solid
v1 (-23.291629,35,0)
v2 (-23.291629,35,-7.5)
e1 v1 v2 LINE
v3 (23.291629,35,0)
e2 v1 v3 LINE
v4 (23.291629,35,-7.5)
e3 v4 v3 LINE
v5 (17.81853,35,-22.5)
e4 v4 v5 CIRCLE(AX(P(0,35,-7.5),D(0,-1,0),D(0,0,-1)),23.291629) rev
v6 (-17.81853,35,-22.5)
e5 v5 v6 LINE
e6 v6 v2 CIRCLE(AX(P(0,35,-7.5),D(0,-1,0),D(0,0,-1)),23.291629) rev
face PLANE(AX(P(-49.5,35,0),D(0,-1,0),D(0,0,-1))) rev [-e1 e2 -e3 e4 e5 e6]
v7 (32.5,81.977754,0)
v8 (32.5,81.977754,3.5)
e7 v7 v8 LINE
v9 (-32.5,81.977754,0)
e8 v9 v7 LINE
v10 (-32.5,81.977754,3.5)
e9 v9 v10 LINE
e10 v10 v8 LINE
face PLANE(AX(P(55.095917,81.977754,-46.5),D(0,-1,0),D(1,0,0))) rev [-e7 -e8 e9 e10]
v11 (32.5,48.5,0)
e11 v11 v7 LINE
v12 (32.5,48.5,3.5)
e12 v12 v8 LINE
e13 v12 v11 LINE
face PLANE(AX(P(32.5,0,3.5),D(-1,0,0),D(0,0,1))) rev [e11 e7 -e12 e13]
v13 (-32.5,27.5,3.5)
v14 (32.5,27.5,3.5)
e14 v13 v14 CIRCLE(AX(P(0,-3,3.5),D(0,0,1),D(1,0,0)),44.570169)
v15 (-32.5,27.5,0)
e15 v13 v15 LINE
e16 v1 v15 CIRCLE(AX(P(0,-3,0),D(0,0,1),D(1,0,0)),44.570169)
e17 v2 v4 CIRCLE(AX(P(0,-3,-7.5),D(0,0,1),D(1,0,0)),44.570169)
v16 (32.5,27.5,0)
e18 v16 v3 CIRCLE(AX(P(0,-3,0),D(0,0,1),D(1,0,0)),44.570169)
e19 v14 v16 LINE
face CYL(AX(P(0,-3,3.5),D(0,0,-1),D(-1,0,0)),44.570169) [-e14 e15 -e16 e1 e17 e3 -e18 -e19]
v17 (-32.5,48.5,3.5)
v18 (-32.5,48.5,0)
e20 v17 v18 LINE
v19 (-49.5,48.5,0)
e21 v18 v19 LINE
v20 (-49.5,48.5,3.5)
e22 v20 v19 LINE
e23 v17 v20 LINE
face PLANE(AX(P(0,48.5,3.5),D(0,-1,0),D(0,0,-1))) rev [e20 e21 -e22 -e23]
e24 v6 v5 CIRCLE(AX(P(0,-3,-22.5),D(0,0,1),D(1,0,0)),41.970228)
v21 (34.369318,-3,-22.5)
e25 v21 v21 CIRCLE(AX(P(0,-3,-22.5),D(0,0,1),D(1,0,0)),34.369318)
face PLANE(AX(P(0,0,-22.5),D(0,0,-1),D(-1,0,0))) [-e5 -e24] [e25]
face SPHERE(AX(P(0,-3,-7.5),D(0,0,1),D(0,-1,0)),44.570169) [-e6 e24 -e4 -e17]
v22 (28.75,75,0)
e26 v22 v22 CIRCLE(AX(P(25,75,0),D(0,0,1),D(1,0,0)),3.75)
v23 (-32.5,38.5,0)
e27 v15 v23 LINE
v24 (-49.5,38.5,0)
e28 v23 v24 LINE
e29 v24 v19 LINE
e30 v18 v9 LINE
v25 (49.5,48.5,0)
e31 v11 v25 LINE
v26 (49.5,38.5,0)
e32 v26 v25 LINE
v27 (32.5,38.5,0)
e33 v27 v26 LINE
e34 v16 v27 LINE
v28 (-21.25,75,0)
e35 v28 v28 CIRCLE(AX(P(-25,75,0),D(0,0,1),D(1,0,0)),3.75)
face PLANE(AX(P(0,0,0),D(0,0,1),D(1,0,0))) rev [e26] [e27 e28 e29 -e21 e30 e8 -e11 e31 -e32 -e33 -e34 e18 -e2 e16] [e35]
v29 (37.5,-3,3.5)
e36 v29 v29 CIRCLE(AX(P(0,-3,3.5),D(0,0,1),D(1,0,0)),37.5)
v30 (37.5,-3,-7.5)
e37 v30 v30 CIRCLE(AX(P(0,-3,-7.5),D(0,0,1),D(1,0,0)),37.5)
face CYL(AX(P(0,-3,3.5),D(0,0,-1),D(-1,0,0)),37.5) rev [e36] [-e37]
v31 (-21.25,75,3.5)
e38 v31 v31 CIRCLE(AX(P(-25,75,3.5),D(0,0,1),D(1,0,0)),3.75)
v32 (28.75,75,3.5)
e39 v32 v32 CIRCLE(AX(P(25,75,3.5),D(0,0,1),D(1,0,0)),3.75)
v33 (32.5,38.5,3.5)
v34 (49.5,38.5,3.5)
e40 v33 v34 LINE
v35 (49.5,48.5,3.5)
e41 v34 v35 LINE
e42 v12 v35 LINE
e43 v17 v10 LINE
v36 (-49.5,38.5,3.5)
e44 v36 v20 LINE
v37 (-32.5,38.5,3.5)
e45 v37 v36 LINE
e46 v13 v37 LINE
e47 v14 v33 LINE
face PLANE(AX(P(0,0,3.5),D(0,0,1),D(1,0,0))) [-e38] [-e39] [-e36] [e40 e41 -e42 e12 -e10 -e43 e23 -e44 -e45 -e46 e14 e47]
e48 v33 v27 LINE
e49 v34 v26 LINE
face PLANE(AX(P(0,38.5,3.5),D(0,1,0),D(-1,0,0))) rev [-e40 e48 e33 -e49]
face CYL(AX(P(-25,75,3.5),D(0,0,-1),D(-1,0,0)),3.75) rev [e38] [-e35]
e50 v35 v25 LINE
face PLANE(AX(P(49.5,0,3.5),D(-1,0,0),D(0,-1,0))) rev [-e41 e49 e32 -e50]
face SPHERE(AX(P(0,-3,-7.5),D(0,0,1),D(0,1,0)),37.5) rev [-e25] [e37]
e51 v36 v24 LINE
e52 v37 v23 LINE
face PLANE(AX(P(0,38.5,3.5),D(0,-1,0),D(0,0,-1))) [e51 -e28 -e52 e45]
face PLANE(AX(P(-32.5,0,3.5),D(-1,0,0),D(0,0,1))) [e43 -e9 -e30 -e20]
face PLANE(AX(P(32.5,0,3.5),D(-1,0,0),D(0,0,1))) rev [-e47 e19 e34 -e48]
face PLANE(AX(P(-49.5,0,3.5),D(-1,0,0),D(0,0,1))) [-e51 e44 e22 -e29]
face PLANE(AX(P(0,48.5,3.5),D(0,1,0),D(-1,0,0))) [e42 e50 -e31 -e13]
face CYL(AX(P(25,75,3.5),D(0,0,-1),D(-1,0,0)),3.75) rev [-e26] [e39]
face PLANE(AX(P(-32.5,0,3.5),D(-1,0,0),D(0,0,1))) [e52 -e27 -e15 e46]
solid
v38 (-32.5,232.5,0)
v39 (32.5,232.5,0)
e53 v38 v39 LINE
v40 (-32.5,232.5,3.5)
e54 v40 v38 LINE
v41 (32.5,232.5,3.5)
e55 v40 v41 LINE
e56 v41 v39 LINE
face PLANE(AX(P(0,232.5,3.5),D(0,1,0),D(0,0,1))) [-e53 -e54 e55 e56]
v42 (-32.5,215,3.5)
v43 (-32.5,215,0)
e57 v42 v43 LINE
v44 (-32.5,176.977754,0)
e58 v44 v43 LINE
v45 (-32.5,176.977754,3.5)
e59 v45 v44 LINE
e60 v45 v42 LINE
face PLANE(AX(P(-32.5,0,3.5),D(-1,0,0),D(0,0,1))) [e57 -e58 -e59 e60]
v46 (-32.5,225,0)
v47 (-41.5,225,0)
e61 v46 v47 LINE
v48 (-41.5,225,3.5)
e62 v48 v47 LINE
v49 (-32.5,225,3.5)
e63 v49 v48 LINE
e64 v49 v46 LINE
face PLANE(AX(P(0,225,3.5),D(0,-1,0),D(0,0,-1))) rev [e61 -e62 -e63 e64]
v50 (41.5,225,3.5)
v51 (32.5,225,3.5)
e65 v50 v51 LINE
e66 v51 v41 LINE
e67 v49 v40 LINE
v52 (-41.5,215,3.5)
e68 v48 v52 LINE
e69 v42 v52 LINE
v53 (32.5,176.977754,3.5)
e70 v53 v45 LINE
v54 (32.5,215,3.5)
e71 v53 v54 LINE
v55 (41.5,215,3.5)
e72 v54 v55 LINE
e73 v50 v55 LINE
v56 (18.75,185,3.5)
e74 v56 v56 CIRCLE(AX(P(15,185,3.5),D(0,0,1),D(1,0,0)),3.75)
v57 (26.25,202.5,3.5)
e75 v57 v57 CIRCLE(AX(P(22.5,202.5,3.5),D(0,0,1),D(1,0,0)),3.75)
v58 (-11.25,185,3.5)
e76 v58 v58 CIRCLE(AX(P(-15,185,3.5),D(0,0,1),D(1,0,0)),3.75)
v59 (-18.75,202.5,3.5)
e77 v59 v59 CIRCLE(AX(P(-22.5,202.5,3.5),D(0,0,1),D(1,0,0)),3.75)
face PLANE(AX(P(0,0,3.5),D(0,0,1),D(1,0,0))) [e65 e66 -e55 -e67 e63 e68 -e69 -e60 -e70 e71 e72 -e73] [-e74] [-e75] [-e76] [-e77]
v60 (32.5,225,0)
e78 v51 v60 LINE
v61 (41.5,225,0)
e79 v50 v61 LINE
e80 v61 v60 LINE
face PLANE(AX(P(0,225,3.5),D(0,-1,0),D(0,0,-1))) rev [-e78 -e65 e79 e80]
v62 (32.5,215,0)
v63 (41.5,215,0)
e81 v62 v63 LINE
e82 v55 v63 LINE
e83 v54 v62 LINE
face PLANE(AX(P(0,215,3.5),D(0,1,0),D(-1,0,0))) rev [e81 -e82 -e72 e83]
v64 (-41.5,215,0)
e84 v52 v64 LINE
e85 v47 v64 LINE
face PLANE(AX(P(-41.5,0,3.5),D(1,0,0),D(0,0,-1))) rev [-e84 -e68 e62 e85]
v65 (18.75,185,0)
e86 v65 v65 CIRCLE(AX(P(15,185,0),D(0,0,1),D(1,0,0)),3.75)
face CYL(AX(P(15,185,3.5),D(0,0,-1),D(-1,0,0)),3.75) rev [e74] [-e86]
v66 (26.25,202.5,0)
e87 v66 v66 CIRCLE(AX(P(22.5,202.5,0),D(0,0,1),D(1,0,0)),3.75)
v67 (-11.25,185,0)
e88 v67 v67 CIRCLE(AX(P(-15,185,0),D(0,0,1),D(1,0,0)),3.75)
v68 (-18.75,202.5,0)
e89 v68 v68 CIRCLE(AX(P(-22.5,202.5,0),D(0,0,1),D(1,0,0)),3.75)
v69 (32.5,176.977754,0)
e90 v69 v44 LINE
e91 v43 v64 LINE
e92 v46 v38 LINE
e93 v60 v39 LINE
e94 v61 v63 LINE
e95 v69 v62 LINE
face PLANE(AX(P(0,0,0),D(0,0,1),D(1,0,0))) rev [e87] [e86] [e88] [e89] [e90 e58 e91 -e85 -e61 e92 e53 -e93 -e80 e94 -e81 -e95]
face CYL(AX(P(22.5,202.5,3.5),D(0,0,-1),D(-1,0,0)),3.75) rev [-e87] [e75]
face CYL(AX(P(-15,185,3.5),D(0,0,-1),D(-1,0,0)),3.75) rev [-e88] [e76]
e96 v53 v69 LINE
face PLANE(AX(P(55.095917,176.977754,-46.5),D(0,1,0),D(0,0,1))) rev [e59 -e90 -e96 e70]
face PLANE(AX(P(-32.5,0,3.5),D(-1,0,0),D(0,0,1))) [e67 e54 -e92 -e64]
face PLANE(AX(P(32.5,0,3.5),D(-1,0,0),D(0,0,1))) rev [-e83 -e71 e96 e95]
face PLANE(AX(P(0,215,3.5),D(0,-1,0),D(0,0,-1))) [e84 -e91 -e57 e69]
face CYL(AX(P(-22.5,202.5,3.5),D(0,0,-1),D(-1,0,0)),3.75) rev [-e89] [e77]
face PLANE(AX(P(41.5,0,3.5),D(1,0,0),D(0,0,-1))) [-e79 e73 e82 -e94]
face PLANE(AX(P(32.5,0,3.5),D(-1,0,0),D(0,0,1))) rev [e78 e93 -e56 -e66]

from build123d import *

# Parameters (mm, degrees)
SKETCH1_R               = 3.75
SKETCH1_W               = 65
SKETCH1_H               = 7.5
SKETCH1_W_2             = 9
SKETCH1_H_2             = 10
SKETCH1_W_3             = 4.5
SKETCH1_W_4             = 12.5
BOSS_EXTRUDE1_DEPTH     = 3.5
CUT_EXTRUDE1_DEPTH      = 248.561103568
CUT_EXTRUDE1_DEPTH_BACK = 248.561103568
SKETCH3_W               = 40.007477242
SKETCH3_H               = 30.684168747
BOSS_EXTRUDE2_DEPTH     = 3.75
SKETCH5_W               = 110
SKETCH5_H               = 95
CUT_EXTRUDE2_DEPTH      = 50


with BuildPart() as part:
    # Sketch1 → Boss-Extrude1 (new body)
    # profile 1 of 9: a face of its own
    with BuildSketch(Plane.XY):
        Polygon((10, 98.461538462), (10, 161.538461538), (32.5, 174.528842595), (32.5, 215), (32.5, 225), (-32.5, 225), (-32.5, 215), (-32.5, 174.528842595), (-10, 161.538461538), (-10, 98.461538462), (-32.5, 90.272208191), (-32.5, 48.5), (-32.5, 38.5), (-32.5, 35), (32.5, 35), (32.5, 38.5), (32.5, 48.5), (32.5, 90.272208191), align=None)
        with Locations((-25, 75)):
            Circle(SKETCH1_R, mode=Mode.SUBTRACT)
        with Locations((25, 75)):
            Circle(SKETCH1_R, mode=Mode.SUBTRACT)
        with Locations((-15, 185)):
            Circle(SKETCH1_R, mode=Mode.SUBTRACT)
        with Locations((-22.5, 202.5)):
            Circle(SKETCH1_R, mode=Mode.SUBTRACT)
        with Locations((15, 185)):
            Circle(SKETCH1_R, mode=Mode.SUBTRACT)
        with Locations((22.5, 202.5)):
            Circle(SKETCH1_R, mode=Mode.SUBTRACT)
    # profile 2 of 9: a face of its own
    with BuildSketch(Plane.XY):
        with Locations((0, 228.75)):
            Rectangle(SKETCH1_W, SKETCH1_H)
    # profile 3 of 9: a face of its own
    with BuildSketch(Plane.XY):
        with BuildLine():
            Line((32.5, 27.5), (32.5, 35))
            Line((32.5, 35), (-32.5, 35))
            Line((-32.5, 35), (-32.5, 27.5))
            ThreePointArc((-32.5, 27.5), (0, -47.570169396), (32.5, 27.5))
        make_face()
        with BuildLine():
            ThreePointArc((3, -40.379807383), (0, -40.5), (-3, -40.379807383))
            ThreePointArc((-3, -40.379807383), (-26.516504294, -29.516504294), (-37.379807383, -6))
            ThreePointArc((-37.379807383, -6), (-37.5, -3), (-37.379807383, 0))
            ThreePointArc((-37.379807383, 0), (-26.516504294, 23.516504294), (-3, 34.379807383))
            ThreePointArc((-3, 34.379807383), (0, 34.5), (3, 34.379807383))
            ThreePointArc((3, 34.379807383), (26.516504294, 23.516504294), (37.379807383, 0))
            ThreePointArc((37.379807383, 0), (37.469939798, -1.498796627), (37.5, -3))
            ThreePointArc((37.5, -3), (37.469939798, -4.501203373), (37.379807383, -6))
            ThreePointArc((37.379807383, -6), (26.516504294, -29.516504294), (3, -40.379807383))
        make_face(mode=Mode.SUBTRACT)
    # profile 4 of 9: a face of its own
    with BuildSketch(Plane.XY):
        with Locations((-37, 220)):
            Rectangle(SKETCH1_W_2, SKETCH1_H_2)
    # profile 5 of 9: a face of its own
    with BuildSketch(Plane.XY):
        with Locations((37, 220)):
            Rectangle(SKETCH1_W_2, SKETCH1_H_2)
    # profile 6 of 9: a face of its own
    with BuildSketch(Plane.XY):
        with Locations((-47.25, 43.5)):
            Rectangle(SKETCH1_W_3, SKETCH1_H_2)
    # profile 7 of 9: a face of its own
    with BuildSketch(Plane.XY):
        with Locations((-38.75, 43.5)):
            Rectangle(SKETCH1_W_4, SKETCH1_H_2)
    # profile 8 of 9: a face of its own
    with BuildSketch(Plane.XY):
        with Locations((38.75, 43.5)):
            Rectangle(SKETCH1_W_4, SKETCH1_H_2)
    # profile 9 of 9: a face of its own
    with BuildSketch(Plane.XY):
        with Locations((47.25, 43.5)):
            Rectangle(SKETCH1_W_3, SKETCH1_H_2)
    extrude(amount=BOSS_EXTRUDE1_DEPTH)

    # Sketch2 → Revolve1 (revolve)
    with BuildSketch(Plane(origin=(0, 0, 0), x_dir=(0, 0, -1), z_dir=(1, 0, 0)), mode=Mode.PRIVATE) as revolve1_sk:
        with BuildLine():
            Line((22.5, 31.369317712), (22.5, 38.970227543))
            Line((22.5, 38.970227543), (0, 38.970227543))
            Line((0, 38.970227543), (0, 34.5))
            Line((0, 34.5), (7.5, 34.5))
            ThreePointArc((7.5, 34.5), (15.161611638, 33.708986735), (22.5, 31.369317712))
        make_face()
        with BuildLine():
            ThreePointArc((7.5, -47.570169396), (15.111827928, -46.915374023), (22.5, -44.970227543))
            Line((22.5, -44.970227543), (22.5, -37.369317712))
            ThreePointArc((22.5, -37.369317712), (15.161611638, -39.708986735), (7.5, -40.5))
            Line((7.5, -40.5), (0, -40.5))
            Line((0, -40.5), (0, -47.570169396))
            Line((0, -47.570169396), (7.5, -47.570169396))
        make_face()
    revolve(revolve1_sk.sketch.rotate(Axis((0, -3, 0), (0, 0, -1)), 90), axis=Axis((0, -3, 0), (0, 0, -1)))

    # Sketch3 → Cut-Extrude1 (cut, two sides: drawn at the far end of the back side and taken through both)
    with BuildSketch(Plane(origin=(32.5, 0, 0), x_dir=(0, 0, -1), z_dir=(1, 0, 0)).offset(-CUT_EXTRUDE1_DEPTH_BACK)):
        with Locations((20.003738621, 50.342084374)):
            Rectangle(SKETCH3_W, SKETCH3_H)
    extrude(amount=CUT_EXTRUDE1_DEPTH + CUT_EXTRUDE1_DEPTH_BACK, mode=Mode.SUBTRACT)

    # Sketch4 → Boss-Extrude2 (add, symmetric)
    with BuildSketch(Plane(origin=(0, 130, 0), x_dir=(1, 0, 0), z_dir=(0, 1, 0))):
        Polygon((50, -3.5), (50, 26.5), (45, 26.5), (45, 0), (10, 0), (10, -3.5), align=None)
    boss_extrude2 = extrude(amount=BOSS_EXTRUDE2_DEPTH, both=True)

    # Mirror1: Boss-Extrude2 across plane
    add(boss_extrude2.mirror(Plane(origin=(0, 0, 0), x_dir=(0, 0, 1), z_dir=(1, 0, 0))))

    # Sketch5 → Cut-Extrude2 (cut)
    with BuildSketch(Plane.XY.offset(3.5)):
        with Locations((0.095917122, 129.477753892)):
            Rectangle(SKETCH5_W, SKETCH5_H)
    extrude(amount=-CUT_EXTRUDE2_DEPTH, mode=Mode.SUBTRACT)


with BuildPart() as cut_extrude2_piece_1:
    # of the separate pieces the step leaves, piece 1, a body of its own (cut_extrude2_pieces)
    add(part.part.solids().sort_by_distance((32.5, 81.977753892, 3.5))[0])


with BuildPart() as cut_extrude2_piece_2:
    # of the separate pieces the step leaves, piece 2, a body of its own (cut_extrude2_pieces)
    add(part.part.solids().sort_by_distance((-32.5, 176.977753892, 3.5))[0])


solid = Compound([cut_extrude2_piece_1.part, cut_extrude2_piece_2.part])
